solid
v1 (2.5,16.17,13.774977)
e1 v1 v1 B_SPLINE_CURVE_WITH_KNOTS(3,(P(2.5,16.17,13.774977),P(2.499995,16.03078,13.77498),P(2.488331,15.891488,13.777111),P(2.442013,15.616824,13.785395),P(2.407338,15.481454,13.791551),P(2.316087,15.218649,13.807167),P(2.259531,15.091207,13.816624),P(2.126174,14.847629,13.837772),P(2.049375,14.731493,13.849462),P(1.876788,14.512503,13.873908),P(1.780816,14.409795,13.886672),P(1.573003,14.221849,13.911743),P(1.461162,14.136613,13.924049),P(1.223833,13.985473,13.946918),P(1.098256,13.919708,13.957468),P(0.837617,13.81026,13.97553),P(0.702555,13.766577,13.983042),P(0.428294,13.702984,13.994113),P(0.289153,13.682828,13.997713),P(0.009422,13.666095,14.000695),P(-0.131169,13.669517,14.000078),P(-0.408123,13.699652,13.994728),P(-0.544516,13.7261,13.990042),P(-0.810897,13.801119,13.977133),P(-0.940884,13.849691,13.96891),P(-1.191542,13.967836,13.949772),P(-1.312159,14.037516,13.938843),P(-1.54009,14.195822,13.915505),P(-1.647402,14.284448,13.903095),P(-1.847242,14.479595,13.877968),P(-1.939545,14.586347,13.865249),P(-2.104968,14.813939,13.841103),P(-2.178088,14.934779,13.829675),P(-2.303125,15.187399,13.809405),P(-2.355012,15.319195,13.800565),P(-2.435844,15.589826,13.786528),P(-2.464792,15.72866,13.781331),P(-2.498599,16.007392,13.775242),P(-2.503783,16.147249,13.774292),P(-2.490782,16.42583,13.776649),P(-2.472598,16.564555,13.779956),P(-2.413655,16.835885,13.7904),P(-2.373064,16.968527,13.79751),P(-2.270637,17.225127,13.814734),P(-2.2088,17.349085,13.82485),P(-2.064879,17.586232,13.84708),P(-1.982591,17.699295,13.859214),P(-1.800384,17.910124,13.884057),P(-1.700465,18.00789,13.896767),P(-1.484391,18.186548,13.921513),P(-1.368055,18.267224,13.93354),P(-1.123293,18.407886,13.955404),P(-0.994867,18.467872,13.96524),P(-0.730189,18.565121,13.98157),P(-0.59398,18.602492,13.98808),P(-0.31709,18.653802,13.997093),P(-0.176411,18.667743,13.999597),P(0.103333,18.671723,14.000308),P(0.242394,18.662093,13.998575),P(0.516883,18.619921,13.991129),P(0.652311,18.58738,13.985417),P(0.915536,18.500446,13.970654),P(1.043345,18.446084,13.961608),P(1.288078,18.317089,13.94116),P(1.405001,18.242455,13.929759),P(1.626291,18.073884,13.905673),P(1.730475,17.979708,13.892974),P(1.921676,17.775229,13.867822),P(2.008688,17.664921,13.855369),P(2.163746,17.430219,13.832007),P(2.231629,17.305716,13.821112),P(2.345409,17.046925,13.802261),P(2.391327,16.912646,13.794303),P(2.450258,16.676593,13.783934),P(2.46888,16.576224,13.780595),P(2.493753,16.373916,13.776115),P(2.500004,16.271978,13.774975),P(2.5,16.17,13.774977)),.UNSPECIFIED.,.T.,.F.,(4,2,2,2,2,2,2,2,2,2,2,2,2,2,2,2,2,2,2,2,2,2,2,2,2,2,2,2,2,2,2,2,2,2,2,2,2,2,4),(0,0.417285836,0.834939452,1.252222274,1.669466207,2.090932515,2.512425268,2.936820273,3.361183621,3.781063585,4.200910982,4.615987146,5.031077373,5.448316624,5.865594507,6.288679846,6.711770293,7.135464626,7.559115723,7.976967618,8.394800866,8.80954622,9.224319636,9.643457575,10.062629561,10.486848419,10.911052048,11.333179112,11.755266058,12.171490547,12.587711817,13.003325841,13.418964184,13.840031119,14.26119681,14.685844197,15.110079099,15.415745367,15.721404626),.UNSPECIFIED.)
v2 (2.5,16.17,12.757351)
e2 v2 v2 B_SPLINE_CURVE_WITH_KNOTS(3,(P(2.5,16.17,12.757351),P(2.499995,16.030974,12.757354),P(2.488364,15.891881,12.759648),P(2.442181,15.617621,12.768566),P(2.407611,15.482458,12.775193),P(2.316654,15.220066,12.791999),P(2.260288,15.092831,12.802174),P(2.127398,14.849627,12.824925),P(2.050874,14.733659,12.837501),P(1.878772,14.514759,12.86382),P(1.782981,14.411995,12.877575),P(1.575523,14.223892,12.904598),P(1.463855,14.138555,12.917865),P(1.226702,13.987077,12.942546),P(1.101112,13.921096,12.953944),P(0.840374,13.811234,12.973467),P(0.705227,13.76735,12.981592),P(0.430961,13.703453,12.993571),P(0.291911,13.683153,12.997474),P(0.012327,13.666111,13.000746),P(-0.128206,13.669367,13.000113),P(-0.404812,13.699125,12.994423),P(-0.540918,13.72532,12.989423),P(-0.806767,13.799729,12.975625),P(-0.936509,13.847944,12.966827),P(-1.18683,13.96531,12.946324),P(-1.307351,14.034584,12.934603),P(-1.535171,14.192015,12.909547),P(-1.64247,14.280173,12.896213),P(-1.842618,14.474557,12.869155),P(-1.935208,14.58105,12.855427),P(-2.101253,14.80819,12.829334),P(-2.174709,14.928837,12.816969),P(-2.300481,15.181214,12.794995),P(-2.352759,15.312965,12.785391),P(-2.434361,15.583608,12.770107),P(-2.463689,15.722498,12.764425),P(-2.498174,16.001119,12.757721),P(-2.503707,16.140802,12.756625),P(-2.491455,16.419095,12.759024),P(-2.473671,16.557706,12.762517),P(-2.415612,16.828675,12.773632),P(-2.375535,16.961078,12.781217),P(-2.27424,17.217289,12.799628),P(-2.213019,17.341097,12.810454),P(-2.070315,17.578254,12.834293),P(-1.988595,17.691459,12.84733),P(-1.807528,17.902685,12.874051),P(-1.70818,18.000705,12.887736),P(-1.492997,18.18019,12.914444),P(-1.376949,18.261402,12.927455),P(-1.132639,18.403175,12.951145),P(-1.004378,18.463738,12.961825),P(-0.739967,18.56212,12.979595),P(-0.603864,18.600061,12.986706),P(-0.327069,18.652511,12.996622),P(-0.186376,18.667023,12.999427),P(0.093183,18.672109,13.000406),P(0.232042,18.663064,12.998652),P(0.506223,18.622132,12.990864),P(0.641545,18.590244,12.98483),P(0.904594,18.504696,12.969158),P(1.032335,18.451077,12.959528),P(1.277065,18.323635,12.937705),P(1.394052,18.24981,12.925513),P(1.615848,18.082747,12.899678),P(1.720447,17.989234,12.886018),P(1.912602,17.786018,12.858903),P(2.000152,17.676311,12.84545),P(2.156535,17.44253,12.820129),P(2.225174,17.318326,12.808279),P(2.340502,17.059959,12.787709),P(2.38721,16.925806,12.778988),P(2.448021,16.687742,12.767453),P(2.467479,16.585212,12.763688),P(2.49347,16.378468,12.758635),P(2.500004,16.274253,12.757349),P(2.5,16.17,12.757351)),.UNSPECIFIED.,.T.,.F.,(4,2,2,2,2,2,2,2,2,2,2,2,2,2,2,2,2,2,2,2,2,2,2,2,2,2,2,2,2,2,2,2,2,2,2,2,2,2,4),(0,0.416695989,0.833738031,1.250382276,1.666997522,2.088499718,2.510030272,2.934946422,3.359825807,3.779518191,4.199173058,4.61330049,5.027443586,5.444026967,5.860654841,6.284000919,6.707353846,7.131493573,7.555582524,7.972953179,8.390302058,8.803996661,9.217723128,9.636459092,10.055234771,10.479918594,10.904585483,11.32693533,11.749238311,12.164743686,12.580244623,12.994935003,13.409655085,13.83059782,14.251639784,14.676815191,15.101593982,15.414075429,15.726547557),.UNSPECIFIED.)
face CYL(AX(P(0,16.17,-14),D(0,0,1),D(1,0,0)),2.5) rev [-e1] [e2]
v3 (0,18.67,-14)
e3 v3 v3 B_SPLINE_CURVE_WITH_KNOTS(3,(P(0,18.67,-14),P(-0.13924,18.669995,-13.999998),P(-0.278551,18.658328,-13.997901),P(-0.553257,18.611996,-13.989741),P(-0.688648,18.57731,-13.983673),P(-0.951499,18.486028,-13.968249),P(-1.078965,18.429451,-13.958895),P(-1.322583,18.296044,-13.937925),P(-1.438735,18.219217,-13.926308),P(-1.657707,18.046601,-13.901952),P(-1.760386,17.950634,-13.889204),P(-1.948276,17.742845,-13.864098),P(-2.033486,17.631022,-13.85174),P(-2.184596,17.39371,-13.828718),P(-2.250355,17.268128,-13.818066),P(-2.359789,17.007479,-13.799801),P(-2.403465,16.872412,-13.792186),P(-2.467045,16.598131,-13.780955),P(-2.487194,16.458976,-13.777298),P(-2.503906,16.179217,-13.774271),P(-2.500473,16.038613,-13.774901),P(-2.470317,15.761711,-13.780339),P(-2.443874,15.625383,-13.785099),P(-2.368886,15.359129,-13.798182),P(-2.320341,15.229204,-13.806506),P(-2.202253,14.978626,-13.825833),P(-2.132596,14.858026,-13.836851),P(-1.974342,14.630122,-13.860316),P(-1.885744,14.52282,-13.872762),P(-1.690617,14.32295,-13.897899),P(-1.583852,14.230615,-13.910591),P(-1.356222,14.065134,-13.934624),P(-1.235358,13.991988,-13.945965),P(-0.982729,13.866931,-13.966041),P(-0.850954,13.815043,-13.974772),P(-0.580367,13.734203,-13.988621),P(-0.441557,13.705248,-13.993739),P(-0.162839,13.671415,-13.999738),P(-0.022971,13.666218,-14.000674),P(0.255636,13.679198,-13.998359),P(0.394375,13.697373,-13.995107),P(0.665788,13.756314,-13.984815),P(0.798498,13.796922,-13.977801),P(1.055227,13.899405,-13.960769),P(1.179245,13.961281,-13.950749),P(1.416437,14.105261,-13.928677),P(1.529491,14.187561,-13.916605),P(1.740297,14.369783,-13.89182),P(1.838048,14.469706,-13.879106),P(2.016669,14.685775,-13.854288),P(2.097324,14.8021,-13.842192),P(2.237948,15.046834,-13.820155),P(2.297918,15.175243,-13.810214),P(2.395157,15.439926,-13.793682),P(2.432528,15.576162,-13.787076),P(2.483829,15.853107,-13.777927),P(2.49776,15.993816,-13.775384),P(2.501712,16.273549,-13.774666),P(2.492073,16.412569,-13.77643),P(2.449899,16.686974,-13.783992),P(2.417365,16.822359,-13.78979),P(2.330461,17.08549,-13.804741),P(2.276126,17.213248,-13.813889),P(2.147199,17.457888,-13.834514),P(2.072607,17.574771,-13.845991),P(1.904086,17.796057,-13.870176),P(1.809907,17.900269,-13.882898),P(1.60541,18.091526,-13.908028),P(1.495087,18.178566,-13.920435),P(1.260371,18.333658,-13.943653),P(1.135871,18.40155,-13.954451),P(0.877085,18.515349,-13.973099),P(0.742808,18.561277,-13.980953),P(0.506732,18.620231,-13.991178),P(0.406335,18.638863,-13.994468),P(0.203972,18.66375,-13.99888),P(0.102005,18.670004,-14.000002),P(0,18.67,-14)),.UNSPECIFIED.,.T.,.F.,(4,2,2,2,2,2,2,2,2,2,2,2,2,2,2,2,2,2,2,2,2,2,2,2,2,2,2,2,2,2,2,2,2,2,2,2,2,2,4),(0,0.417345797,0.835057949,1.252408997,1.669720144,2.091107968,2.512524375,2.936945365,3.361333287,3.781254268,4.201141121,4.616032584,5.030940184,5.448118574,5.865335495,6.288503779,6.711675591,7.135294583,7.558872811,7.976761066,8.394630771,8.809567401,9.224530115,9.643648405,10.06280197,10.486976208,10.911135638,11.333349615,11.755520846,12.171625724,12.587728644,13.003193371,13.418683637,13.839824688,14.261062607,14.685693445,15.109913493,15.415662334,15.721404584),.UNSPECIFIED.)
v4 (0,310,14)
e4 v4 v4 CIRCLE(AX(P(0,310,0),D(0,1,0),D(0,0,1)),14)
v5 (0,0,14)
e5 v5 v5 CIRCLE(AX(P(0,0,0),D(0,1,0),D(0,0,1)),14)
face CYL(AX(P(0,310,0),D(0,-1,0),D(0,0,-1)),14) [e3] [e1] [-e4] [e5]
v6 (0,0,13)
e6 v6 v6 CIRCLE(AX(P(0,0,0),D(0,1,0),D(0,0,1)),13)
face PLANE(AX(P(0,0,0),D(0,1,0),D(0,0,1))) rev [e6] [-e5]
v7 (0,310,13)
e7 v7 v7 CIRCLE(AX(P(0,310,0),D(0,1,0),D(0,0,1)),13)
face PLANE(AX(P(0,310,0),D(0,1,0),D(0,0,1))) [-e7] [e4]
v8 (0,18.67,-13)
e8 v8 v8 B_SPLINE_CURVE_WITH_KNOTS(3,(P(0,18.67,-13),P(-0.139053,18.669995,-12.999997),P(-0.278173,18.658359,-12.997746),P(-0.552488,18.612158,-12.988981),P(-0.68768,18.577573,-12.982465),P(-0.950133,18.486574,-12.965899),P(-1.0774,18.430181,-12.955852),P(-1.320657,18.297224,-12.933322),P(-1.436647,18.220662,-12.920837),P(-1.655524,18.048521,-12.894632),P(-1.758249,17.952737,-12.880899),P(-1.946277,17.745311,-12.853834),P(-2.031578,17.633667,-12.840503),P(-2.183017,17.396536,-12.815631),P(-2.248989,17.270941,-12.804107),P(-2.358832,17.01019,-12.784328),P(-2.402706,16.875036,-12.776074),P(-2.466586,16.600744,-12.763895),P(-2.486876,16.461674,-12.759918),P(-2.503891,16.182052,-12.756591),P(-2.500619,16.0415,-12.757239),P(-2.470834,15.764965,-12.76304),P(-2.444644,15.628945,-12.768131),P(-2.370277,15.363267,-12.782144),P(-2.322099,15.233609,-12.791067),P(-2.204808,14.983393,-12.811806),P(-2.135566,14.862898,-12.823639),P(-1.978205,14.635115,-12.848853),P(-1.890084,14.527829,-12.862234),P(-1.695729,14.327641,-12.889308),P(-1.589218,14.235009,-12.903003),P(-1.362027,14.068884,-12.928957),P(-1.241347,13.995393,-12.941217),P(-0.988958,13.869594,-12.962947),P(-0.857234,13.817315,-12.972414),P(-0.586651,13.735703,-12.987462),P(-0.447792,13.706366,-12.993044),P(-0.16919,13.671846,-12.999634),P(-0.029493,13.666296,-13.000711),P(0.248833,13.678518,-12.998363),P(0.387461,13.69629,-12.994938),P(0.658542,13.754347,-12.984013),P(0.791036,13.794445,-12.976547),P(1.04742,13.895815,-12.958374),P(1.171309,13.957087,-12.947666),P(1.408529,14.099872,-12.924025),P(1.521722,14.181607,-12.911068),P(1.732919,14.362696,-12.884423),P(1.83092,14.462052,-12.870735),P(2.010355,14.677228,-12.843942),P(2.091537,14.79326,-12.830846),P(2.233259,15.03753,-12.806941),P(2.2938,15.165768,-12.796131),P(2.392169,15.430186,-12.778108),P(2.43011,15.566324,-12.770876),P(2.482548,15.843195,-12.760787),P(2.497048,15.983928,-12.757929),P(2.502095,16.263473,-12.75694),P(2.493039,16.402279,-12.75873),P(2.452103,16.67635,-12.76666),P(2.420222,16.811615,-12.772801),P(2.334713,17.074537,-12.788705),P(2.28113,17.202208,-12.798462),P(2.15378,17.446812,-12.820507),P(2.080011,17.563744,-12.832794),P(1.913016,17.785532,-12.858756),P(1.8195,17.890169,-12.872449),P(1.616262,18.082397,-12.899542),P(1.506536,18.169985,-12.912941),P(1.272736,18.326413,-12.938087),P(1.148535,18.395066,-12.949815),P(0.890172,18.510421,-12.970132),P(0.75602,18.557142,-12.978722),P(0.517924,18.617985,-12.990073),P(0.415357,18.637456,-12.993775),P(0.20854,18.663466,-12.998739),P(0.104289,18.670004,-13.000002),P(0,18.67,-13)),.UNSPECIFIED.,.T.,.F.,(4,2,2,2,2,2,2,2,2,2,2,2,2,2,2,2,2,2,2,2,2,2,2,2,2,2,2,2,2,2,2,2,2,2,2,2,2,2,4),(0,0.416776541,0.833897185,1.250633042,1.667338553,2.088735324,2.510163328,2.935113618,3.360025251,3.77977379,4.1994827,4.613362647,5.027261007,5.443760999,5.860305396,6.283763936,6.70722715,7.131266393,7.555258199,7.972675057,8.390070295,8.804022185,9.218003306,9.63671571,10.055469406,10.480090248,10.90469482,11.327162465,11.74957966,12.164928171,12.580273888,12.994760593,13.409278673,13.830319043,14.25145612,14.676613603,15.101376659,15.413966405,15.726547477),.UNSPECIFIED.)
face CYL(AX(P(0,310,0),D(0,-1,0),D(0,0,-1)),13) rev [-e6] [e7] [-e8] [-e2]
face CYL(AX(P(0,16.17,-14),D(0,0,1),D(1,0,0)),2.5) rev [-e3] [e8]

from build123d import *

# Parameters (mm, degrees)
SKETCH_1_R               = 14
SKETCH_1_R_2             = 13
EXTRUDE_1_DEPTH          = 310
CUT_EXTRUDE_1_DEPTH      = 311.631614618
CUT_EXTRUDE_1_DEPTH_BACK = 311.631614618
SKETCH_2_R               = 2.5


with BuildPart() as part:
    # 草图1 → 凸台-拉伸1 (new body)
    with BuildSketch(Plane(origin=(0, 0, 0), x_dir=(1, 0, 0), z_dir=(0, 1, 0))):
        with Locations(Location((0, 0, 0), (0, 0, 270))):
            Circle(SKETCH_1_R)
        with Locations(Location((0, 0, 0), (0, 0, 270))):
            Circle(SKETCH_1_R_2, mode=Mode.SUBTRACT)
    extrude(amount=EXTRUDE_1_DEPTH)

    # 草图2 → 切除-拉伸1 (cut, two sides: drawn at the far end of the back side and taken through both)
    with BuildSketch(Plane.XY.offset(-CUT_EXTRUDE_1_DEPTH_BACK)):
        with Locations((0, 16.17)):
            Circle(SKETCH_2_R)
    extrude(amount=CUT_EXTRUDE_1_DEPTH + CUT_EXTRUDE_1_DEPTH_BACK, mode=Mode.SUBTRACT)


solid = part.part
